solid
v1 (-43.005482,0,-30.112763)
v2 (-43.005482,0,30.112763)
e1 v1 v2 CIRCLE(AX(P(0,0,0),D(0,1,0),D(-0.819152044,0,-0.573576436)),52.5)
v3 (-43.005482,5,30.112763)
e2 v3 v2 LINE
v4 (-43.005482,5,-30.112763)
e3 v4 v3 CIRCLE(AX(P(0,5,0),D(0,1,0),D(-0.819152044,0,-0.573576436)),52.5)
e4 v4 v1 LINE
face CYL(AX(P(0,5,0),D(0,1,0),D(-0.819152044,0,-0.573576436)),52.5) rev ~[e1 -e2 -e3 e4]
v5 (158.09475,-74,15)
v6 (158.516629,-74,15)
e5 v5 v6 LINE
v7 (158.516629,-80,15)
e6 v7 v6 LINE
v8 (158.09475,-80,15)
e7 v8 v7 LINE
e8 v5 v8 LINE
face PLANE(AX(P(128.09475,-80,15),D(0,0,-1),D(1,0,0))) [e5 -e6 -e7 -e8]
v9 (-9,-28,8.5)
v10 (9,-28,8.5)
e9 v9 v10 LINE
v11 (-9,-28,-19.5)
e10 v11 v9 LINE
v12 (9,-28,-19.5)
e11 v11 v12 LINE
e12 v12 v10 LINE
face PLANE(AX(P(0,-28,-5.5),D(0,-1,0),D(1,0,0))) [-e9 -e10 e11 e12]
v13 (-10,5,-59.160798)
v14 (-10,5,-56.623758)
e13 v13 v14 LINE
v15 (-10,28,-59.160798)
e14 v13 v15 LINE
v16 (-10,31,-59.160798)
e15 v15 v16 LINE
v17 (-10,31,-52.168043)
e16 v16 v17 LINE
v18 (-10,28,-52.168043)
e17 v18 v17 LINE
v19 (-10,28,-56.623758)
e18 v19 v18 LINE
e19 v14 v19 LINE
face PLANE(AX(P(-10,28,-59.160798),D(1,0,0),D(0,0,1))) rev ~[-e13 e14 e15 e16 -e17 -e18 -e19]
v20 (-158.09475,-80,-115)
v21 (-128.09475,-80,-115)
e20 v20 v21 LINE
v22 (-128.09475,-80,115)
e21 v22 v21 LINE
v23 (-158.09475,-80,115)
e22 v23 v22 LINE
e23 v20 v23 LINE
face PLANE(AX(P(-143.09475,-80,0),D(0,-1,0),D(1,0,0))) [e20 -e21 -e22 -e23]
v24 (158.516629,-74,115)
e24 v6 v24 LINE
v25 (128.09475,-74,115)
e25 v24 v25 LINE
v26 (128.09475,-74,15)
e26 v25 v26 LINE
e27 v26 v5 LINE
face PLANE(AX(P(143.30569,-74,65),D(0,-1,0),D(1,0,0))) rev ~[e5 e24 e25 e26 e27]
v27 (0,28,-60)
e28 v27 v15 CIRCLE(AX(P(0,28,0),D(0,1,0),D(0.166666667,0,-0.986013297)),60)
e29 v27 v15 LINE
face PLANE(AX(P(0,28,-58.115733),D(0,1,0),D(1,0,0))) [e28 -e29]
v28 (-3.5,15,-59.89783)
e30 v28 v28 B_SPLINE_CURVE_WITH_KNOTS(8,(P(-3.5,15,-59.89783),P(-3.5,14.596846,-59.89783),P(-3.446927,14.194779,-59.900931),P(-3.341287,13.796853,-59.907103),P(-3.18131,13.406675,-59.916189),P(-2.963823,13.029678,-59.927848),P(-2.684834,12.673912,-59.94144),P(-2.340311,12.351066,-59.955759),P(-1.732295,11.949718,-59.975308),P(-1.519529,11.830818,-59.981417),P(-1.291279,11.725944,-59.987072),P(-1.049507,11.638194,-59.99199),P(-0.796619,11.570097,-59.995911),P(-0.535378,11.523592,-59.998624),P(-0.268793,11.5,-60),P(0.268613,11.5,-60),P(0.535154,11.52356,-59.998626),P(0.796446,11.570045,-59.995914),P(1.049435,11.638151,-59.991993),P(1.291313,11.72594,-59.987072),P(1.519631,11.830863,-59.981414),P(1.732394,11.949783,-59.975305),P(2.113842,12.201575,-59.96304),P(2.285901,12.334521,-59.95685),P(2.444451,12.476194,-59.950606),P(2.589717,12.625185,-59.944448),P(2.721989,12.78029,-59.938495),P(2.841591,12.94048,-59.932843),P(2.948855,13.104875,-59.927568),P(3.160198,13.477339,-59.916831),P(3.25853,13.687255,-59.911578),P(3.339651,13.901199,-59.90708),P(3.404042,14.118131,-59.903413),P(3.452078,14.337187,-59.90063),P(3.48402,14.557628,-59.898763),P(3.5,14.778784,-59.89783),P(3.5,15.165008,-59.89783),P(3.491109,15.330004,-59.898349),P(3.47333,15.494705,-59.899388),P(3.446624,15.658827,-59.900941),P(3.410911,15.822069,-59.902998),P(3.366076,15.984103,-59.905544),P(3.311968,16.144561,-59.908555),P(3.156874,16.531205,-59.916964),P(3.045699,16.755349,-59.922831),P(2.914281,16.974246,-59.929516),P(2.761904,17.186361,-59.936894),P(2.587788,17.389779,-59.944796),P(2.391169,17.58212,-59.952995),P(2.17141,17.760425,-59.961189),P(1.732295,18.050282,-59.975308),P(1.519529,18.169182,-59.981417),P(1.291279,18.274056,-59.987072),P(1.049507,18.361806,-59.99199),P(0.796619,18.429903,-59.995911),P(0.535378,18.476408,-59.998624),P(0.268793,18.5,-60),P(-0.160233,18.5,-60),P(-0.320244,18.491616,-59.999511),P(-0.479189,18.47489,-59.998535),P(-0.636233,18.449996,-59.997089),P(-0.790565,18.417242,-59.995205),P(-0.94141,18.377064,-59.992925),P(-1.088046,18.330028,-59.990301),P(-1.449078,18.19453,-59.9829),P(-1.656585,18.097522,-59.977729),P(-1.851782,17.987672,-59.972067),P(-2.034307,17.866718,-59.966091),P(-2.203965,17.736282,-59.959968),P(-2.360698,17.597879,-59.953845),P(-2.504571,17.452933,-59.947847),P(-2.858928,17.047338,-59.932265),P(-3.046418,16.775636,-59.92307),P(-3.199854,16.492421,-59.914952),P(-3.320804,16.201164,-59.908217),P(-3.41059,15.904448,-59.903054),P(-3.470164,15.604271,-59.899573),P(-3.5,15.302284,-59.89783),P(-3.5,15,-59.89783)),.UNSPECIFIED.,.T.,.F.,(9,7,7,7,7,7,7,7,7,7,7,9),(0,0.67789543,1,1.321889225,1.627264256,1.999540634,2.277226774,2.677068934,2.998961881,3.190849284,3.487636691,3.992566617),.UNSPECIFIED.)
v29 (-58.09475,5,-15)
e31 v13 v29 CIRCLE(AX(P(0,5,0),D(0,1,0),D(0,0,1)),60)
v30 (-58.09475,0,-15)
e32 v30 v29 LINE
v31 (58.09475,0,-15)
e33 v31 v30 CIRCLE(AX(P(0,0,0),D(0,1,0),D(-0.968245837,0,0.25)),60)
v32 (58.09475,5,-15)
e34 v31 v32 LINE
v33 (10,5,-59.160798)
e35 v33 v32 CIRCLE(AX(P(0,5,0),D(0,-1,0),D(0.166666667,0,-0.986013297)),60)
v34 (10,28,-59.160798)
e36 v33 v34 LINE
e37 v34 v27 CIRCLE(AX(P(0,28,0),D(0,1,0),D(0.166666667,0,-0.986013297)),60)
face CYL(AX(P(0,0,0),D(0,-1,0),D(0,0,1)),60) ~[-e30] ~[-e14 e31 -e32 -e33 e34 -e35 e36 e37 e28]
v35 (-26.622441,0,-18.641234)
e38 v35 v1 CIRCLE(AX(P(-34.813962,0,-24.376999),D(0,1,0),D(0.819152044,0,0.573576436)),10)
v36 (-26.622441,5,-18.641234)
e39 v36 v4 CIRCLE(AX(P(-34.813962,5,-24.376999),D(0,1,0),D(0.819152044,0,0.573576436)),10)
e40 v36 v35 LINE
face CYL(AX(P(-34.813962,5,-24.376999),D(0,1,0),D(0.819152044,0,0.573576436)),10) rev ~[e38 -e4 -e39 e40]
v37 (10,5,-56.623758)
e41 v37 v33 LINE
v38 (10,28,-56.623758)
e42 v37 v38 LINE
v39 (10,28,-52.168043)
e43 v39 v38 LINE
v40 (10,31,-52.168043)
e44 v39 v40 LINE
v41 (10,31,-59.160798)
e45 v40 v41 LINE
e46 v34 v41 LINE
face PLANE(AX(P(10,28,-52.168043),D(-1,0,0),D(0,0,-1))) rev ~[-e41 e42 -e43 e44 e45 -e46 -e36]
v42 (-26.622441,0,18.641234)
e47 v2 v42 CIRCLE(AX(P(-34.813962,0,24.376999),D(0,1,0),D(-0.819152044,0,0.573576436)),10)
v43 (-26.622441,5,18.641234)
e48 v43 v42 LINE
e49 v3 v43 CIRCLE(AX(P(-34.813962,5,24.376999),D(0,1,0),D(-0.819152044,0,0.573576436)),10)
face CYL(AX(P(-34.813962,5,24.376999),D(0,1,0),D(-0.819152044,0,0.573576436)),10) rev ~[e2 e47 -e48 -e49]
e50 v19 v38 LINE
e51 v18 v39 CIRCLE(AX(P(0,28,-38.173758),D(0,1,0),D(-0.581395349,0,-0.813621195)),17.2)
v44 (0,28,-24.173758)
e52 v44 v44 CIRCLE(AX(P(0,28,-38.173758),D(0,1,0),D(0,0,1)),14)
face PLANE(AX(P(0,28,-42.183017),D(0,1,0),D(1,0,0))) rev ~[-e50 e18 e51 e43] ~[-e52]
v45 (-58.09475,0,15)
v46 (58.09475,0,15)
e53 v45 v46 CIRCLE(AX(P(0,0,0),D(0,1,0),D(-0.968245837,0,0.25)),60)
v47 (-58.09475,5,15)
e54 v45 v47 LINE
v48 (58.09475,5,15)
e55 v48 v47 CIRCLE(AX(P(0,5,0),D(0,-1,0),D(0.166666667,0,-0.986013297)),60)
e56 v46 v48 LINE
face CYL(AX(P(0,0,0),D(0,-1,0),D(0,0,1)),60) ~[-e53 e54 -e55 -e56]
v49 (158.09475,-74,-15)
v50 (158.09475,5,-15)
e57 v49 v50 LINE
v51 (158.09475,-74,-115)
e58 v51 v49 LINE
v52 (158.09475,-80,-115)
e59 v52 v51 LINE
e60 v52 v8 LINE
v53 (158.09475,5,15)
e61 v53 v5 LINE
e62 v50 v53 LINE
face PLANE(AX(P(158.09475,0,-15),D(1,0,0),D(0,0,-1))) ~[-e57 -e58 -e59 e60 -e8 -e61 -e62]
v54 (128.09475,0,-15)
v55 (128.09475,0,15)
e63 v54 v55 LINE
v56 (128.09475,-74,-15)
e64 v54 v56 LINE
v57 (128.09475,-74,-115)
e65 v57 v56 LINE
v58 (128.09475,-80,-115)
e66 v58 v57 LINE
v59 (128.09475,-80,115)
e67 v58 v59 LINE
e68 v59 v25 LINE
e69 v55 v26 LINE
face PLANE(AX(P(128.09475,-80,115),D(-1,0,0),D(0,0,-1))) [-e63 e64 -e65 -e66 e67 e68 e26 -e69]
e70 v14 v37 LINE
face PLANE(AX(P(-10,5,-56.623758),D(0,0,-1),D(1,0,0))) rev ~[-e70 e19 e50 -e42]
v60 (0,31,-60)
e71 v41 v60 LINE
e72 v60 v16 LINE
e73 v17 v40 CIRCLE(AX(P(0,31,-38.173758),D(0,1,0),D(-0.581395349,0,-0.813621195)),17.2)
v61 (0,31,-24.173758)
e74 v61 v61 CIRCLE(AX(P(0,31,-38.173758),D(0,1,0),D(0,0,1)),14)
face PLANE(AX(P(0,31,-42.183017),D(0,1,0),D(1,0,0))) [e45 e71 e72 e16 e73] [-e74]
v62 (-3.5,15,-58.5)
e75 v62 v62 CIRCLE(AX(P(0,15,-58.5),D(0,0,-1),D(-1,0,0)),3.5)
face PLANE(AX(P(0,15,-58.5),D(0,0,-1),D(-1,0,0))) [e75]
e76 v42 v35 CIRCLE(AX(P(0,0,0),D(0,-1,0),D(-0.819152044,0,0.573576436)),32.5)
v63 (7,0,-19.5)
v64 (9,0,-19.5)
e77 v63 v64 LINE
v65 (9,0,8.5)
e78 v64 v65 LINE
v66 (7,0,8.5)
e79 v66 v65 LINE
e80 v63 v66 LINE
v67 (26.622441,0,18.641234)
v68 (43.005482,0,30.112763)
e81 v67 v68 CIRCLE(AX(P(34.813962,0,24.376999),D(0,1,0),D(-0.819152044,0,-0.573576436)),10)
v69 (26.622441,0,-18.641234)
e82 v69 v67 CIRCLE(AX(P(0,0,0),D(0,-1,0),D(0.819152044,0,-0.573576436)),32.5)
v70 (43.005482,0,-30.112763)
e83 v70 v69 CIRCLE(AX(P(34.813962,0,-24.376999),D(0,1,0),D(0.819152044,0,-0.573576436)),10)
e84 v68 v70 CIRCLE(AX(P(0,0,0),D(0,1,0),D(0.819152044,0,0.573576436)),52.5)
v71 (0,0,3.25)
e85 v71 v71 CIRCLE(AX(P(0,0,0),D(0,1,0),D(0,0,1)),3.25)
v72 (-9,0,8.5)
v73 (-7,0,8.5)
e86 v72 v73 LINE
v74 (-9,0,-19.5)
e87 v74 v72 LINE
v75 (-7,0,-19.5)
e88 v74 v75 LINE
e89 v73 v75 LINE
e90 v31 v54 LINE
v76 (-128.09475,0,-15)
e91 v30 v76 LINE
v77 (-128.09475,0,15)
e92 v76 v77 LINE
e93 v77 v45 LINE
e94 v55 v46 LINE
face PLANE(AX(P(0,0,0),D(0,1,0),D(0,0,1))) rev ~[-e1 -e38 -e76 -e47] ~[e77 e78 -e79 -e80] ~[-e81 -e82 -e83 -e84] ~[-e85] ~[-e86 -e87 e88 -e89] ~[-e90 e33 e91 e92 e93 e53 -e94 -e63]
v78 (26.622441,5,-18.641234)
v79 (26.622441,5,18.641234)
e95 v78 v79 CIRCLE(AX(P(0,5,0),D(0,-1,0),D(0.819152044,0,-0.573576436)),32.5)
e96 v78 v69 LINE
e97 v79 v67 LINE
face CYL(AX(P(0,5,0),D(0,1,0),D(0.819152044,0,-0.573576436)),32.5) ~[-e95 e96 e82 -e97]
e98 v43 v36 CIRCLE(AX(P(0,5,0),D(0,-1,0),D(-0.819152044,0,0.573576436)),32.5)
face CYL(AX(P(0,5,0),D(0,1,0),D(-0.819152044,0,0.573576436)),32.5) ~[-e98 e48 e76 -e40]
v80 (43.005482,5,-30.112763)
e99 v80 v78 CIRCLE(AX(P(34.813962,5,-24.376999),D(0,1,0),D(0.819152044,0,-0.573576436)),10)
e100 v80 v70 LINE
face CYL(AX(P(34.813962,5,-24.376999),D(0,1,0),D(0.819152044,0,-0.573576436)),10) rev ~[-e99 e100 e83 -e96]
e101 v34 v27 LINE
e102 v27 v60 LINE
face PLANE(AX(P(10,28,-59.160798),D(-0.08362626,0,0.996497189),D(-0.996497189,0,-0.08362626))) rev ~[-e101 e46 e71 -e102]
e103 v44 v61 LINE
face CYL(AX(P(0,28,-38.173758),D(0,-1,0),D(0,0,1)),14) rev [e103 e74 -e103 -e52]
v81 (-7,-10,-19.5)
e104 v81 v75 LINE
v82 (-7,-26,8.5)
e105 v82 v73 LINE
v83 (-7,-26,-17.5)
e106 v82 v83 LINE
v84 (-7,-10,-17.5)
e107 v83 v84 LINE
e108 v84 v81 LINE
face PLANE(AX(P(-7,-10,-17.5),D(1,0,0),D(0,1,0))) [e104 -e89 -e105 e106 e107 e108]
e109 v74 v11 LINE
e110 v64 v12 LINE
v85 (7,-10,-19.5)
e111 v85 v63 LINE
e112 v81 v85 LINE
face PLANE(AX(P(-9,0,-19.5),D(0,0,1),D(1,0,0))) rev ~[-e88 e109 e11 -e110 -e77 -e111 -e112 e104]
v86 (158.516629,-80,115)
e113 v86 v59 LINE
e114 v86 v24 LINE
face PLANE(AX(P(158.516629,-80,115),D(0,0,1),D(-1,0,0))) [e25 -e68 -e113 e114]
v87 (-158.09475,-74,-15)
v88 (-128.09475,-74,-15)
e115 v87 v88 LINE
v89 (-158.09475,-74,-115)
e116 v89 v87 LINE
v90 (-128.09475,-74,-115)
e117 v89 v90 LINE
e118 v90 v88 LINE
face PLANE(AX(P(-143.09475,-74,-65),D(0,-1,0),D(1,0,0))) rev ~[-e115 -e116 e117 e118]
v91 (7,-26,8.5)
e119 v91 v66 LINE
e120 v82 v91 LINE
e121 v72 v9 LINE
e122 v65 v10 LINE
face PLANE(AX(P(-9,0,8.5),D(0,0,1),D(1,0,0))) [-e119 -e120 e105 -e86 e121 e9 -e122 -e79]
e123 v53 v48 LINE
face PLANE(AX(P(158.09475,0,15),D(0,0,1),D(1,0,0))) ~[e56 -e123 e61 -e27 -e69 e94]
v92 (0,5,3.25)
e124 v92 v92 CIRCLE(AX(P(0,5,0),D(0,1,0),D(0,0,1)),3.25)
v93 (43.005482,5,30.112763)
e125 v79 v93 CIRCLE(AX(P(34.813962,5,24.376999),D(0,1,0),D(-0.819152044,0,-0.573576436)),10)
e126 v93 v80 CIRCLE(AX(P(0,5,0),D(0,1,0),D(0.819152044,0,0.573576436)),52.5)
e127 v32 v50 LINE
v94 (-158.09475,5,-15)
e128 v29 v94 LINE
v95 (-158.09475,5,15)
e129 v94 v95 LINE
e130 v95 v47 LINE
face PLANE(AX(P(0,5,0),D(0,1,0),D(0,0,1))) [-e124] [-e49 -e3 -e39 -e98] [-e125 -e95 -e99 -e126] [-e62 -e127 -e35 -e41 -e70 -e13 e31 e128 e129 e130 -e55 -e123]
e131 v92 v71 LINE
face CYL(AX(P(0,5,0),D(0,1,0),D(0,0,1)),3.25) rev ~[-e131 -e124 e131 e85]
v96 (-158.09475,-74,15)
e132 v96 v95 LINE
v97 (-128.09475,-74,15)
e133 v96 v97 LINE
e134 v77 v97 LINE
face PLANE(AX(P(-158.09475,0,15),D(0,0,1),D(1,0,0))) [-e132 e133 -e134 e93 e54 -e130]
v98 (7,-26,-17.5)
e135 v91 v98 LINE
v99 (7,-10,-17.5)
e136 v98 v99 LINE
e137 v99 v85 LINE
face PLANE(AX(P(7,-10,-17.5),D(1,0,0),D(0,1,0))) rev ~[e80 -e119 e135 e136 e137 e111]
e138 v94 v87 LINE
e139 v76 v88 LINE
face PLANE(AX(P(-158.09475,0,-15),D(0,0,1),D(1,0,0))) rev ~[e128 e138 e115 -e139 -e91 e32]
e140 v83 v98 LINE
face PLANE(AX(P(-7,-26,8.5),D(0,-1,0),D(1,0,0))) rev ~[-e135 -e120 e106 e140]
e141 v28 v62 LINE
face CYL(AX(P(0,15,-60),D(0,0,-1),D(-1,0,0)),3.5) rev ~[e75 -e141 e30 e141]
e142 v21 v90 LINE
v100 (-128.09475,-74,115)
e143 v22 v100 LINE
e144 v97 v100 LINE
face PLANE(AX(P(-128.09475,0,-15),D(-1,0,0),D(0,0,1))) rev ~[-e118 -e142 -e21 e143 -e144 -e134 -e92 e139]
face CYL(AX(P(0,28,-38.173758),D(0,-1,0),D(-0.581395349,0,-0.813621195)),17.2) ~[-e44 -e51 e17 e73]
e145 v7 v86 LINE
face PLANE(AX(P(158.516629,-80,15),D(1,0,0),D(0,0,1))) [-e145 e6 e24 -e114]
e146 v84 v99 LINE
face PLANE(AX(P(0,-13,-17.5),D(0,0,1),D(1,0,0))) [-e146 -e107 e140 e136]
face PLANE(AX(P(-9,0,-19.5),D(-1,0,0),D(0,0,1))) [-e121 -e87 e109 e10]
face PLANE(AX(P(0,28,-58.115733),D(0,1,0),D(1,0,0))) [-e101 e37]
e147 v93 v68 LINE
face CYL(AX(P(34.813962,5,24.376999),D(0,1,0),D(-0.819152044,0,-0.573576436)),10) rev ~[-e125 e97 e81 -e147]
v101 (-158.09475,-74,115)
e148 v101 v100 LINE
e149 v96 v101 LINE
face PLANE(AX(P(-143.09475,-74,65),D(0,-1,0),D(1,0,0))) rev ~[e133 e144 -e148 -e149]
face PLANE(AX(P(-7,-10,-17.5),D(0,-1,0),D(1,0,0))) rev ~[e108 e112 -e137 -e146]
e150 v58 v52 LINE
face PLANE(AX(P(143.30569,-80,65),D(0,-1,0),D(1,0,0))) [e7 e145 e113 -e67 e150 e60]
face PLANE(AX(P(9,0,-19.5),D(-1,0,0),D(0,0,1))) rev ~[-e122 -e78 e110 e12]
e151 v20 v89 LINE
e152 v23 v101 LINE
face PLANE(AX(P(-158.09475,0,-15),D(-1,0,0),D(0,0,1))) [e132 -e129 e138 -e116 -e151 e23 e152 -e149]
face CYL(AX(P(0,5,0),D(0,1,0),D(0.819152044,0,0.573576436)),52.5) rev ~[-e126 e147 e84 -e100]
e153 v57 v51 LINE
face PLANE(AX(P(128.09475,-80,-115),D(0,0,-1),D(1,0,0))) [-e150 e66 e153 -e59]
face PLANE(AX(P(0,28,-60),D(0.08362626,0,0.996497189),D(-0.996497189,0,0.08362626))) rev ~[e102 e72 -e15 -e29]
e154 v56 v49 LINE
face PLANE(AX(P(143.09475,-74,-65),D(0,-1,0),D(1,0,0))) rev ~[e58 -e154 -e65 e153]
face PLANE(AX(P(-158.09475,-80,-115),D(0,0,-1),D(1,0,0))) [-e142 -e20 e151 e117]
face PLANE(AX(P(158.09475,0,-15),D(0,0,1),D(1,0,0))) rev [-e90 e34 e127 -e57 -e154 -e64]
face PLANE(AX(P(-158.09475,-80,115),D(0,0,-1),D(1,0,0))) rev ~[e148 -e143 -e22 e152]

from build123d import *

# Parameters (mm, degrees)
SKETCH1_R            = 60
BOSS_EXTRUDE1_DEPTH  = 5
CUT_EXTRUDE1_DEPTH   = 5
BOSS_EXTRUDE2_DEPTH  = 23
SKETCH4_R            = 3.25
CUT_EXTRUDE2_DEPTH   = 15
BOSS_EXTRUDE3_START  = -5
BOSS_EXTRUDE3_DEPTH  = 5
SKETCH6_W            = 30
SKETCH6_H            = 30
BOSS_EXTRUDE4_DEPTH  = 80
SKETCH10_R           = 14
BOSS_EXTRUDE6_DEPTH  = 3
SKETCH7_W            = 18
SKETCH7_H            = 28
BOSS_EXTRUDE9_DEPTH  = 28
SKETCH15_W           = 14
SKETCH15_H           = 26
CUT_EXTRUDE3_DEPTH   = 26
SKETCH16_W           = 14
SKETCH16_H           = 10
CUT_EXTRUDE4_DEPTH   = 2
SKETCH12_W           = 30
SKETCH12_H           = 100
BOSS_EXTRUDE11_DEPTH = 6
SKETCH17_R           = 3.5
CUT_EXTRUDE5_DEPTH   = 1.5


with BuildPart() as part:
    # Sketch1 → Boss-Extrude1 (new body)
    with BuildSketch(Plane(origin=(0, 0, 0), x_dir=(1, 0, 0), z_dir=(0, 1, 0))):
        with Locations(Location((0, 0, 0), (0, 0, 270))):
            Circle(SKETCH1_R)
    extrude(amount=BOSS_EXTRUDE1_DEPTH)

    # Sketch2 → Cut-Extrude1 (cut)
    with BuildSketch(Plane(origin=(0, 5, 0), x_dir=(1, 0, 0), z_dir=(0, 1, 0))):
        with BuildLine():
            ThreePointArc((-43.005482325, 30.112762908), (-52.5, 0), (-43.005482325, -30.112762908))
            ThreePointArc((-43.005482325, -30.112762908), (-29.078197519, -32.568518988), (-26.622441439, -18.641234181))
            ThreePointArc((-26.622441439, -18.641234181), (-32.5, 0), (-26.622441439, 18.641234181))
            ThreePointArc((-26.622441439, 18.641234181), (-29.078197519, 32.568518988), (-43.005482325, 30.112762908))
        make_face()
        with BuildLine():
            ThreePointArc((43.005482325, 30.112762908), (29.078197519, 32.568518988), (26.622441439, 18.641234181))
            ThreePointArc((26.622441439, 18.641234181), (32.5, 0), (26.622441439, -18.641234181))
            ThreePointArc((26.622441439, -18.641234181), (29.078197519, -32.568518988), (43.005482325, -30.112762908))
            ThreePointArc((43.005482325, -30.112762908), (52.5, 0), (43.005482325, 30.112762908))
        make_face()
    extrude(amount=-CUT_EXTRUDE1_DEPTH, mode=Mode.SUBTRACT)

    # Sketch3 → Boss-Extrude2 (add)
    with BuildSketch(Plane(origin=(0, 5, 0), x_dir=(1, 0, 0), z_dir=(0, 1, 0))):
        with BuildLine():
            Line((10, 56.623758265), (10, 59.160797831))
            ThreePointArc((10, 59.160797831), (0, 60), (-10, 59.160797831))
            Line((-10, 59.160797831), (-10, 56.623758265))
            Line((-10, 56.623758265), (10, 56.623758265))
        make_face()
    extrude(amount=BOSS_EXTRUDE2_DEPTH)

    # Sketch4 → Cut-Extrude2 (cut)
    with BuildSketch(Plane(origin=(0, 5, 0), x_dir=(1, 0, 0), z_dir=(0, 1, 0))):
        with Locations(Location((0, 0, 0), (0, 0, 270))):
            Circle(SKETCH4_R)
    extrude(amount=-CUT_EXTRUDE2_DEPTH, mode=Mode.SUBTRACT)

    # Sketch5 → Boss-Extrude3 (add)
    with BuildSketch(Plane(origin=(0, 5, 0), x_dir=(1, 0, 0), z_dir=(0, 1, 0)).offset(BOSS_EXTRUDE3_START)):
        with BuildLine():
            Line((-58.094750193, 15), (-158.094750193, 15))
            Line((-158.094750193, 15), (-158.094750193, -15))
            Line((-158.094750193, -15), (-58.094750193, -15))
            ThreePointArc((-58.094750193, -15), (-60, 0), (-58.094750193, 15))
        make_face()
    boss_extrude3 = extrude(amount=BOSS_EXTRUDE3_DEPTH)

    # Mirror1: Boss-Extrude3 across plane
    add(boss_extrude3.mirror(Plane(origin=(0, 0, 0), x_dir=(0, 0, 1), z_dir=(1, 0, 0))))

    # Sketch6 → Boss-Extrude4 (add)
    with BuildSketch(Plane.XZ):
        with Locations((-143.094750193, 0)):
            Rectangle(SKETCH6_W, SKETCH6_H)
    boss_extrude4 = extrude(amount=BOSS_EXTRUDE4_DEPTH)

    # Mirror2: Boss-Extrude4 across plane
    add(boss_extrude4.mirror(Plane(origin=(0, 0, 0), x_dir=(0, 0, 1), z_dir=(1, 0, 0))))

    # Sketch10 → Boss-Extrude6 (add)
    with BuildSketch(Plane(origin=(0, 28, 0), x_dir=(1, 0, 0), z_dir=(0, 1, 0))):
        with BuildLine():
            Line((-10, 59.160797831), (-10, 52.168042812))
            ThreePointArc((-10, 52.168042812), (0, 20.973758265), (10, 52.168042812))
            Line((10, 52.168042812), (10, 59.160797831))
            Line((10, 59.160797831), (0, 60))
            Line((0, 60), (-10, 59.160797831))
        make_face()
        with Locations(Location((0, 38.173758265, 0), (0, 0, 270))):
            Circle(SKETCH10_R, mode=Mode.SUBTRACT)
    extrude(amount=BOSS_EXTRUDE6_DEPTH)

    # Sketch7 → Boss-Extrude9 (add)
    with BuildSketch(Plane.XZ):
        with Locations((0, -5.5)):
            Rectangle(SKETCH7_W, SKETCH7_H)
    extrude(amount=BOSS_EXTRUDE9_DEPTH)

    # Sketch15 → Cut-Extrude3 (cut)
    with BuildSketch(Plane.XY.offset(8.5)):
        with Locations((0, -13)):
            Rectangle(SKETCH15_W, SKETCH15_H)
    extrude(amount=-CUT_EXTRUDE3_DEPTH, mode=Mode.SUBTRACT)

    # Sketch16 → Cut-Extrude4 (cut)
    with BuildSketch(Plane.XY.offset(-17.5)):
        with Locations((0, -5)):
            Rectangle(SKETCH16_W, SKETCH16_H)
    extrude(amount=-CUT_EXTRUDE4_DEPTH, mode=Mode.SUBTRACT)

    # Sketch12 → Boss-Extrude11 (add)
    with BuildSketch(Plane.XZ.offset(80)):
        Polygon((128.094750193, 115), (128.094750193, 15), (158.094750193, 15), (158.516628994, 15), (158.516628994, 115), align=None)
        with Locations((143.094750193, -65)):
            Rectangle(SKETCH12_W, SKETCH12_H)
        with Locations((-143.094750193, 65)):
            Rectangle(SKETCH12_W, SKETCH12_H)
        with Locations((-143.094750193, -65)):
            Rectangle(SKETCH12_W, SKETCH12_H)
    extrude(amount=-BOSS_EXTRUDE11_DEPTH)

    # Sketch17 → Cut-Extrude5 (cut)
    with BuildSketch(Plane(origin=(0, 0, -60), x_dir=(-1, 0, 0), z_dir=(0, 0, -1))):
        with Locations((0, 15)):
            Circle(SKETCH17_R)
    extrude(amount=-CUT_EXTRUDE5_DEPTH, mode=Mode.SUBTRACT)


solid = part.part
